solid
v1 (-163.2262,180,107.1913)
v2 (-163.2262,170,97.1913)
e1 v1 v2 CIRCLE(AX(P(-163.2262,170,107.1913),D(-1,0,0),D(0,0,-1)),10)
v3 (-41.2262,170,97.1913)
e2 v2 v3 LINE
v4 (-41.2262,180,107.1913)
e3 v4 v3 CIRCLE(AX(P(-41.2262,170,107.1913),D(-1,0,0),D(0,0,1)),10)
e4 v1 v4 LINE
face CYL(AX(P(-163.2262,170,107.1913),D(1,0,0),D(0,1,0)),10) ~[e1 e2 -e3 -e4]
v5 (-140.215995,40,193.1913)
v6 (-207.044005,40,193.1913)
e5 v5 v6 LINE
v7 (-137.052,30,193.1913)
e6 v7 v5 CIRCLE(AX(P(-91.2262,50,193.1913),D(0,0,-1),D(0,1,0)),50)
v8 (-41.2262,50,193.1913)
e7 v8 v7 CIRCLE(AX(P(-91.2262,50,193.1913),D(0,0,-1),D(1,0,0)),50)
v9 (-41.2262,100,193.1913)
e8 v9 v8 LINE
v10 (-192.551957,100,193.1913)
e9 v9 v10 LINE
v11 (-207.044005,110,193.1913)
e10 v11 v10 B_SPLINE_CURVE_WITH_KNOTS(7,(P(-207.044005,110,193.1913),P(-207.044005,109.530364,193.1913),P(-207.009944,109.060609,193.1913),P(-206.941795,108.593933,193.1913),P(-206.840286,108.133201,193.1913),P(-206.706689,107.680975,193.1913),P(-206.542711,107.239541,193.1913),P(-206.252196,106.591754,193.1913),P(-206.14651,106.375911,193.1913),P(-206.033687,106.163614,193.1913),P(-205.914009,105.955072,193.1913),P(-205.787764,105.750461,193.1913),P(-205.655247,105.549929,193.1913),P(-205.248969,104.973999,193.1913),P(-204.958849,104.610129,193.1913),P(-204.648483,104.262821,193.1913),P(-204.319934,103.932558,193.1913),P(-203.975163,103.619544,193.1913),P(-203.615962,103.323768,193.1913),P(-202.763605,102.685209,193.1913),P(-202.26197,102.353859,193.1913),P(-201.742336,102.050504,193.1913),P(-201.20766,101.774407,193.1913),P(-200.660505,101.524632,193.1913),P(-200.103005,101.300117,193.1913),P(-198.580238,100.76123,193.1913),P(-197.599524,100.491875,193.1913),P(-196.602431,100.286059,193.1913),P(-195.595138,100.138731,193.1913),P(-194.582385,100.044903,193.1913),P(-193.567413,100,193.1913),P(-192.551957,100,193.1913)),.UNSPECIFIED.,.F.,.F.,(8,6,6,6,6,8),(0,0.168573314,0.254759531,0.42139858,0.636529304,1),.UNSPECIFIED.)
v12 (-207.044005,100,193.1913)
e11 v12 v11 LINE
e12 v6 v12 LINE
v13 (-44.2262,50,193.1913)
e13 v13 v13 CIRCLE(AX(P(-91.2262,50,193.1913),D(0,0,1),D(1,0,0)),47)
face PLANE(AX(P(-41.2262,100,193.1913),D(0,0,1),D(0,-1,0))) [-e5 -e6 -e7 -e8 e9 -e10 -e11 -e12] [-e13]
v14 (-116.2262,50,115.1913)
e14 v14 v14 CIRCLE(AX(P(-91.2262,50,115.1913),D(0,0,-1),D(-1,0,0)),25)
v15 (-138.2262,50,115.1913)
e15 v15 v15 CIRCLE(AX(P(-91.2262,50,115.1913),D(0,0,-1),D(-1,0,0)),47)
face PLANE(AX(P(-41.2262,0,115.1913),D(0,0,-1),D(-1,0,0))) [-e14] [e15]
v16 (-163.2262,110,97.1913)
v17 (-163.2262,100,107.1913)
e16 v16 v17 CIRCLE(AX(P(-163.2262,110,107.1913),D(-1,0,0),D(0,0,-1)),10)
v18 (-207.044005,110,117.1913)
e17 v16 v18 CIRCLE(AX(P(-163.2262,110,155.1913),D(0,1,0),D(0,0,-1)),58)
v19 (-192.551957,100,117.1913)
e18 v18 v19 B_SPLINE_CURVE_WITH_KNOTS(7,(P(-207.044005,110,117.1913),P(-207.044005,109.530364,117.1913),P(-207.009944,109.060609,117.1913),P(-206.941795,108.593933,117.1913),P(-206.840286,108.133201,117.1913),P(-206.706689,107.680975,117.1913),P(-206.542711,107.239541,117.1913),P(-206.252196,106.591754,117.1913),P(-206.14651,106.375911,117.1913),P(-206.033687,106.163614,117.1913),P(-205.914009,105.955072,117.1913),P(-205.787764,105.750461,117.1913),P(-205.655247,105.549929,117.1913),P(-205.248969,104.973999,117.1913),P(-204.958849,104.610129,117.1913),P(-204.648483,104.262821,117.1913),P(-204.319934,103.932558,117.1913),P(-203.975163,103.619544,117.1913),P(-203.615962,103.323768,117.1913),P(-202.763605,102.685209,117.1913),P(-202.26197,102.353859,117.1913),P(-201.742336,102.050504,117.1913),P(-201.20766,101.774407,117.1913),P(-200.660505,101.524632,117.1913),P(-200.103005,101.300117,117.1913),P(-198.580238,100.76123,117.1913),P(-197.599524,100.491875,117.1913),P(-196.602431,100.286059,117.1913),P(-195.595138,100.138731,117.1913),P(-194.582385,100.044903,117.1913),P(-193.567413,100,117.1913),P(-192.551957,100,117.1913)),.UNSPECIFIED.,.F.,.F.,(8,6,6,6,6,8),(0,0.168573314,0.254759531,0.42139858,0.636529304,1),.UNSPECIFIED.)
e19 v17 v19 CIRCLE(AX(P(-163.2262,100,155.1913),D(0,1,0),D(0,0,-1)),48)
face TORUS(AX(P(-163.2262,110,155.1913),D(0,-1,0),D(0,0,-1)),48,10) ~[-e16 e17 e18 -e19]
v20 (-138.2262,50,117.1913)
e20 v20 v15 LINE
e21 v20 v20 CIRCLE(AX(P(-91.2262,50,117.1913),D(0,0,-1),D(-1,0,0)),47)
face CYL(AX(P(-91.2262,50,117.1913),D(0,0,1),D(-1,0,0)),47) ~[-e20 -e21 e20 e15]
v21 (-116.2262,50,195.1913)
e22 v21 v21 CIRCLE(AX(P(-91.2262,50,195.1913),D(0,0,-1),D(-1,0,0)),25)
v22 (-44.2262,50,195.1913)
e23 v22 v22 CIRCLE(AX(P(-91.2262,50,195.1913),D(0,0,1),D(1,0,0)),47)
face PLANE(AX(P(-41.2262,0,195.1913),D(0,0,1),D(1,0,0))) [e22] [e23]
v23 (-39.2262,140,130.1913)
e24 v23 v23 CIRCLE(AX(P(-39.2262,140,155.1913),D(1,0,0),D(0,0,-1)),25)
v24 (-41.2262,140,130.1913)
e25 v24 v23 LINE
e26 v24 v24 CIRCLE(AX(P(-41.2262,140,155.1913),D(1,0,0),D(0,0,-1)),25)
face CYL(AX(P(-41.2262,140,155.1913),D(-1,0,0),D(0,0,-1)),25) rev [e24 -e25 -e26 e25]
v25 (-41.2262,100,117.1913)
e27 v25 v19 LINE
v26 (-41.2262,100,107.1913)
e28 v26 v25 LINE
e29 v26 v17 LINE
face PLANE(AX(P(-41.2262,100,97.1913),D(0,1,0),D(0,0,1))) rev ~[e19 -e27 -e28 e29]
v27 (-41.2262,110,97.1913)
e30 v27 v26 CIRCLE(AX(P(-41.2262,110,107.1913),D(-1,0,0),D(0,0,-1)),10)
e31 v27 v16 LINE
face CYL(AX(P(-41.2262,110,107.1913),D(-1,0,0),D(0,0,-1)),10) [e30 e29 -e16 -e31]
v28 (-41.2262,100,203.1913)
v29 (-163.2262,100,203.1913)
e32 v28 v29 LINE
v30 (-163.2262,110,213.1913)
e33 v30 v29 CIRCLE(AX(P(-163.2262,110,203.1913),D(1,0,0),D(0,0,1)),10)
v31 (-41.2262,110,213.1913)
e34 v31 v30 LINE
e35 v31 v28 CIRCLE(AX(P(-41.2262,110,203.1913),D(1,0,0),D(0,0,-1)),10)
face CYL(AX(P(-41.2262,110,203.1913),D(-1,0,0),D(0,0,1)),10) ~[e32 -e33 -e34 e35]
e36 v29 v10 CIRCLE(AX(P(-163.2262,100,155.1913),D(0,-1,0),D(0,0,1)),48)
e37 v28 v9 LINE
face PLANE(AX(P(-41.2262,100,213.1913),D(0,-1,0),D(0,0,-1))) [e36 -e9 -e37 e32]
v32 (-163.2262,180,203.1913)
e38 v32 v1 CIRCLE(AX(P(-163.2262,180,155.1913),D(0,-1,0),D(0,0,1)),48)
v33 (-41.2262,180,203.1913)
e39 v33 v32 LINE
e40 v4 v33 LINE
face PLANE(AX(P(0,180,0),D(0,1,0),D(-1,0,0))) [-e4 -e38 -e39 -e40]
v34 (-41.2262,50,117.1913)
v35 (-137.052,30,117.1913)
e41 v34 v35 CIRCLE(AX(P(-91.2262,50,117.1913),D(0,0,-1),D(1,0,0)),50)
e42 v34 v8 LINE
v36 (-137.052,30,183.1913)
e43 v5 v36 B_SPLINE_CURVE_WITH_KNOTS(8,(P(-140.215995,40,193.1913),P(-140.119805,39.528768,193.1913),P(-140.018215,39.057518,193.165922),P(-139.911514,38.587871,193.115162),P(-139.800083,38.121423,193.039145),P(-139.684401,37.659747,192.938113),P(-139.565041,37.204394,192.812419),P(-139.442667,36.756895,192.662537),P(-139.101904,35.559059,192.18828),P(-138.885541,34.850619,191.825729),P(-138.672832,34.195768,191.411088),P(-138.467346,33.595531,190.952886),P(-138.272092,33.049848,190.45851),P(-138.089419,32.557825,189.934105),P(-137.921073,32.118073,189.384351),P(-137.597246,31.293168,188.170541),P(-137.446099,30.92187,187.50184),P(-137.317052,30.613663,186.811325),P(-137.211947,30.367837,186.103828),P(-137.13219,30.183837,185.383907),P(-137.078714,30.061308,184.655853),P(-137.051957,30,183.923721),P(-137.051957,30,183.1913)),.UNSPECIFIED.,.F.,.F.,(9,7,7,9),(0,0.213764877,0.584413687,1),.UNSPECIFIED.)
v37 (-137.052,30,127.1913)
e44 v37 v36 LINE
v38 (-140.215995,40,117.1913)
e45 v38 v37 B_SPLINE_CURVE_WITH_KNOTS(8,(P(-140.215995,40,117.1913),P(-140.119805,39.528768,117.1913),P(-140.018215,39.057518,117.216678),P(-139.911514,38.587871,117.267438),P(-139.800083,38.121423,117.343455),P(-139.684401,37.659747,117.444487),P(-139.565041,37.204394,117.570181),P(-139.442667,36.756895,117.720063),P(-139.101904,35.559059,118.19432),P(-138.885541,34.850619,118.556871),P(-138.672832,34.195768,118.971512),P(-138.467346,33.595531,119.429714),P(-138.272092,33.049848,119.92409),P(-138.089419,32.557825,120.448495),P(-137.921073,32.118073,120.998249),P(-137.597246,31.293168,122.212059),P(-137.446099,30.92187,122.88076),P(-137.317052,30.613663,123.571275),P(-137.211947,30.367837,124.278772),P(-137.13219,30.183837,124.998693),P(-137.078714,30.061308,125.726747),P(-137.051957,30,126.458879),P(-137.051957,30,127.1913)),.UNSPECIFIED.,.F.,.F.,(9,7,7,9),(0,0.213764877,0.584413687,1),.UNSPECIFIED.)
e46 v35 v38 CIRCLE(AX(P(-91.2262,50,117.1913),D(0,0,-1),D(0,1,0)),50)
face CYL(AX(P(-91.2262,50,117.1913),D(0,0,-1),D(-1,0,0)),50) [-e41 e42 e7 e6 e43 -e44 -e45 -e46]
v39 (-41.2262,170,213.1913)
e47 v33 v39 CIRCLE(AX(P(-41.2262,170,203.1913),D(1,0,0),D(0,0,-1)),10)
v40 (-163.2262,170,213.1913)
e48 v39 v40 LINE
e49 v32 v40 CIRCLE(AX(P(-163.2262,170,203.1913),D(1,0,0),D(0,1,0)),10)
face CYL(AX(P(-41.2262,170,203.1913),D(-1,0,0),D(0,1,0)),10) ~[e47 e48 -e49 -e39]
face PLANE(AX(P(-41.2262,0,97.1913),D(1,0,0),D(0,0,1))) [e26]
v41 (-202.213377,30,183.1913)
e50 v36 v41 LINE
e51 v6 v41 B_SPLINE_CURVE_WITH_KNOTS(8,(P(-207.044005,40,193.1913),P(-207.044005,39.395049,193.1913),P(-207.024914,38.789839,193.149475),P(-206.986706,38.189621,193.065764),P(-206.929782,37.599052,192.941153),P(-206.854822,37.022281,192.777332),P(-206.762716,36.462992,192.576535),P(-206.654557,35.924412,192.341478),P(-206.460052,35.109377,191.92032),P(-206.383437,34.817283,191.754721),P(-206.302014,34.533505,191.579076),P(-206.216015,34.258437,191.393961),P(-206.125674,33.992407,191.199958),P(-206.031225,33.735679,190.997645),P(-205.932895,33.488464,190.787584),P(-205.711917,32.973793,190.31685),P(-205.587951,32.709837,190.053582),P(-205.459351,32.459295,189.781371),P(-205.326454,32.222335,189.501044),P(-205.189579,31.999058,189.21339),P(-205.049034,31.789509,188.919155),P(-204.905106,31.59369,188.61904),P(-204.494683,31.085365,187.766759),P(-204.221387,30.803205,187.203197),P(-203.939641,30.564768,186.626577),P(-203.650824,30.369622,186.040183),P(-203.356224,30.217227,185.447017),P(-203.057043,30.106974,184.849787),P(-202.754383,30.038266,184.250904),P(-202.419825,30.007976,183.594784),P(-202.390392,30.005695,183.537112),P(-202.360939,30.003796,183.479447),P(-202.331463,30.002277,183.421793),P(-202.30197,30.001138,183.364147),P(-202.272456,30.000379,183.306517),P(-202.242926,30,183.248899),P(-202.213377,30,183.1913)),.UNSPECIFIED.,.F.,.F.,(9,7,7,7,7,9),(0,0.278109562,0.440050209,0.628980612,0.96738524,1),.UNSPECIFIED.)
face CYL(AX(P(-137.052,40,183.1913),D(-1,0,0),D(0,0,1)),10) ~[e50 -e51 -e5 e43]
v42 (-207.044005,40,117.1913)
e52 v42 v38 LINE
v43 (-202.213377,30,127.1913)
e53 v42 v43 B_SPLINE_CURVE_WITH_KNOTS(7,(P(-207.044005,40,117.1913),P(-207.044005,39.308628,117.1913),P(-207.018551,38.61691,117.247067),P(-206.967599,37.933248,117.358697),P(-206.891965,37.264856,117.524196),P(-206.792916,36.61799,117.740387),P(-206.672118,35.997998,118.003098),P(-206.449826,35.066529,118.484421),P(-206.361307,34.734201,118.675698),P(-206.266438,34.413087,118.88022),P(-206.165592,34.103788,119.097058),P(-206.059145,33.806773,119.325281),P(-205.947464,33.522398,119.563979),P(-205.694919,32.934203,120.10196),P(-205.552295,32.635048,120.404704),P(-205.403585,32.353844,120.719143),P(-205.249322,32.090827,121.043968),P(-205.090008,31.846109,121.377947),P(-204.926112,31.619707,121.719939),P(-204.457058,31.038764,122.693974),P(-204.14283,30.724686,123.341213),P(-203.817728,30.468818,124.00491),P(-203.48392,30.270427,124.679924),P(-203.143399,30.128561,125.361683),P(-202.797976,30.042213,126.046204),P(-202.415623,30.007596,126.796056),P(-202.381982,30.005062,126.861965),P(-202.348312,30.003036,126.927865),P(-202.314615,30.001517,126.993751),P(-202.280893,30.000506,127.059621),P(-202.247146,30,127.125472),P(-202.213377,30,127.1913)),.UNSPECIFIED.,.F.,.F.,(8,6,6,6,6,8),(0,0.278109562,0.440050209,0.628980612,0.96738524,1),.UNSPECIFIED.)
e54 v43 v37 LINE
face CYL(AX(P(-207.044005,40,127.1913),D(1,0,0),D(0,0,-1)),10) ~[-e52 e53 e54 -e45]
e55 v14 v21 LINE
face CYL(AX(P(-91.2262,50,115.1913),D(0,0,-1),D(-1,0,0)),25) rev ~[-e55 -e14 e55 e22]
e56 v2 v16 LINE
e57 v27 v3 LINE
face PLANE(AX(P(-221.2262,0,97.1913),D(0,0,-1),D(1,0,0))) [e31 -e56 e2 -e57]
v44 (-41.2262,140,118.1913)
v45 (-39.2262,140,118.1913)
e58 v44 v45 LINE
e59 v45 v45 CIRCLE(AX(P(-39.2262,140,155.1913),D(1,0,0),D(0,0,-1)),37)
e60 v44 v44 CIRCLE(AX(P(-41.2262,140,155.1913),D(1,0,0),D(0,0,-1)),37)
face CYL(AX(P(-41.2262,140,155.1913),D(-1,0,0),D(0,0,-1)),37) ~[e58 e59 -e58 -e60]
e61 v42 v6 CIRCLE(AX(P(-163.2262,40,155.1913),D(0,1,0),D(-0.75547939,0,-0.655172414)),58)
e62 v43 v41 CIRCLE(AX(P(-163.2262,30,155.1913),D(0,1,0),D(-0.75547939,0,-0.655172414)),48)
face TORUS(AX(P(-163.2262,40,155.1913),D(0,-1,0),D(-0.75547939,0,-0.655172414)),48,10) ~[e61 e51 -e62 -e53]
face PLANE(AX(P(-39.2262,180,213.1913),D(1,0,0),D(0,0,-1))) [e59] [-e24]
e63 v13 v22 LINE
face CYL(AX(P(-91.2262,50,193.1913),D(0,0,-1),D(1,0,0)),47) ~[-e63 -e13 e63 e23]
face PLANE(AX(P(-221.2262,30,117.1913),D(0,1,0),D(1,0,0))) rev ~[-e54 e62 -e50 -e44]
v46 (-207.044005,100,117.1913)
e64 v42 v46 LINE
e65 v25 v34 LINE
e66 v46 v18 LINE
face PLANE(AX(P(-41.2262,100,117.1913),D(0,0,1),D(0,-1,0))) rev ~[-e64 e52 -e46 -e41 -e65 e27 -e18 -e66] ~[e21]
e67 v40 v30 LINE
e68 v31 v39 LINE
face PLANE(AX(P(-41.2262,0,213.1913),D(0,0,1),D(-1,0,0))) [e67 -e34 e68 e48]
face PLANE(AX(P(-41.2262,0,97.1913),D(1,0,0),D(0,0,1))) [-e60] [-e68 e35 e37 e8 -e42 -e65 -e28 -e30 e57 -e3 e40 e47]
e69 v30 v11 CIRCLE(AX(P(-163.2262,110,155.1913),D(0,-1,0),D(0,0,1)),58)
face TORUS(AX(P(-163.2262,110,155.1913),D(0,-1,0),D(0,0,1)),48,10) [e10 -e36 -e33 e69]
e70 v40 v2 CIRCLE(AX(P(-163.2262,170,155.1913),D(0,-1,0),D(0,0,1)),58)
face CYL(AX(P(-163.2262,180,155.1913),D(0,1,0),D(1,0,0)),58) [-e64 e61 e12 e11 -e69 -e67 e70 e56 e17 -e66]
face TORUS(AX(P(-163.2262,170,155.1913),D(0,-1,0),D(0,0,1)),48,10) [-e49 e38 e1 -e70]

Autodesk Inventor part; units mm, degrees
ref_plane "YZ Plane" through (0, 0, 0) normal (1, 0, 0) x (0, 1, 0)
ref_plane "XZ Plane" through (0, 0, 0) normal (0, 1, 0) x (-1, 0, 0)
ref_plane "XY Plane" through (0, 0, 0) normal (0, 0, 1) x (1, 0, 0)
sketch "Sketch1" plane through (0, 0, 0) normal (0, 1, 0) x (-1, 0, 0)
  line L0 (221.2262, 97.1913) -> (41.2262, 97.1913)
  line L1 (41.2262, 97.1913) -> (41.2262, 213.1913)
  line L2 (41.2262, 213.1913) -> (221.2262, 213.1913)
  line L3 (221.2262, 213.1913) -> (221.2262, 97.1913)
  point P0 (0, 0)
  dimension "d2" = 180
  dimension "d3" = 116
extrude "Extrusion1" add sketch "Sketch1" along normal blind 180
sketch "Sketch2" plane through (-41.2262, 0, 97.1913) normal (0, 0, -1) x (-1, 0, 0)
  point P0 (-41.2262, 0)
sketch "Sketch3" plane through (-41.2262, 0, 213.1913) normal (1, 0, 0) x (0, 0, -1)
  line L0 (0, 0) -> (20, 0)
  line L1 (0, 0) -> (116, 0) projected
  line L2 (20, 0) -> (96, 0)
  line L3 (20, 0) -> (0, 0)
  line L4 (0, 0) -> (0, 100)
  line L5 (0, 100) -> (20, 100)
  line L6 (20, 100) -> (20, 0)
  line L7 (96, 0) -> (116, 0)
  line L8 (116, 0) -> (116, 100)
  line L9 (116, 100) -> (96, 100)
  line L10 (96, 100) -> (96, 0)
  point P0 (213.1913, 0)
  dimension "d6" = 20
  dimension "d7" = 76
  dimension "d8" = 20
  dimension "d9" = 100
  dimension "d10" = 20
  dimension "d11" = 100
extrude "Extrusion2" cut sketch "Sketch3" against normal blind 200 contours L4 L5 L6 L0
extrude "Extrusion3" cut sketch "Sketch3" against normal blind 200 contours L10 L9 L8 L1
sketch "Sketch4" plane through (-41.2262, 0, 117.1913) normal (0, 0, -1) x (-1, 0, 0)
  circle A0 centre (50, 50) radius 50
  line L0 (180, 0) -> (0, 0) projected
  line L1 (0, 0) -> (0, 100) projected
  circle A1 centre (50, 50) radius 47
  line L2 (180, 0) -> (180, 30)
  line L3 (180, 0) -> (180, 100) projected
  line L4 (180, 30) -> (95.8258, 30)
  point P0 (-41.2262, 0)
  point P1 (0, 50)
  point P2 (50, 0)
  dimension "d16" = 100
  dimension "d17" = 94
  dimension "d29" = 30
extrude "Extrusion4" add sketch "Sketch4" along normal blind 2 contours A1
sketch "Sketch5" plane through (-41.2262, 0, 193.1913) normal (0, 0, 1) x (1, 0, 0)
  circle A0 centre (-50, 50) radius 50
  line L0 (0, 100) -> (0, 0) projected
  line L1 (0, 0) -> (-180, 0) projected
  circle A1 centre (-50, 50) radius 47
  point P0 (41.2262, 0)
  dimension "d20" = 100
  dimension "d21" = 94
extrude "Extrusion5" add sketch "Sketch5" along normal blind 2 contours A1
sketch "Sketch6" plane through (-91.2262, 50, 115.1913) normal (0, 0, -1) x (-1, 0, 0)
  circle A0 centre (0, 0) radius 25
  point P0 (-91.2262, -50)
  dimension "d24" = 50
extrude "Extrusion6" cut sketch "Sketch6" against normal blind 200
extrude "Extrusion7" cut sketch "Sketch4" against normal blind 200 contours L0 L1 A0
sketch "Sketch7" plane through (-41.2262, 100, 117.1913) normal (0, 0, -1) x (-1, 0, 0)
  point P0 (-41.2262, -100)
extrude "Extrusion8" cut sketch "Sketch4" against normal blind 200 contours L4 L2 L0 A0
sketch "Sketch8" plane through (0, 180, 0) normal (0, 1, 0) x (1, 0, 0)
  circle A0 centre (-163.2262, -155.1913) radius 58
  line L0 (-221.2262, -97.1913) -> (-221.2262, -213.1913) projected
  line L1 (-221.2262, -213.1913) -> (-41.2262, -213.1913) projected
  line L2 (-41.2262, -213.1913) -> (-41.2262, -97.1913) projected
  line L3 (-221.2262, -213.1913) -> (-41.2262, -213.1913)
  line L4 (-41.2262, -213.1913) -> (-41.2262, -97.1913)
  line L5 (-221.2262, -97.1913) -> (-221.2262, -213.1913)
  line L6 (-221.2262, -97.1913) -> (-41.2262, -97.1913)
  line L7 (-221.2262, -97.1913) -> (-221.2262, -117.1913) projected
  point P0 (0, 0)
  point P1 (-163.2262, -97.1913)
  point P2 (-221.2262, -155.1913)
  point P3 (-163.2262, -213.1913)
  dimension "d32" = 116
extrude "Extrusion9" cut sketch "Sketch8" against normal blind 200 contours A0 L0 L6
extrude "Extrusion10" cut sketch "Sketch8" against normal blind 200 contours L1 L0 A0
sketch "Sketch10" plane through (-41.2262, 180, 213.1913) normal (1, 0, 0) x (0, 0, -1)
  circle A0 centre (58, -40) radius 37
  circle A1 centre (58, -40) radius 25
  point P0 (213.1913, -180)
  dimension "d39" = 74
  dimension "d40" = 50
extrude "Extrusion11" add sketch "Sketch10" along normal blind 2
fillet "Fillet2" radius 10 2 edges at (-187.3094, 100, 102.4277) (-102.2262, 100, 97.1913)
fillet "Fillet3" radius 10 7 edges at (-102.2262, 100, 213.1913) (-102.2262, 180, 213.1913) (-102.2262, 180, 97.1913) (-221.2262, 180, 155.1913) (-221.2262, 30, 155.1913) (-172.048, 30, 117.1913) (-172.048, 30, 193.1913)
